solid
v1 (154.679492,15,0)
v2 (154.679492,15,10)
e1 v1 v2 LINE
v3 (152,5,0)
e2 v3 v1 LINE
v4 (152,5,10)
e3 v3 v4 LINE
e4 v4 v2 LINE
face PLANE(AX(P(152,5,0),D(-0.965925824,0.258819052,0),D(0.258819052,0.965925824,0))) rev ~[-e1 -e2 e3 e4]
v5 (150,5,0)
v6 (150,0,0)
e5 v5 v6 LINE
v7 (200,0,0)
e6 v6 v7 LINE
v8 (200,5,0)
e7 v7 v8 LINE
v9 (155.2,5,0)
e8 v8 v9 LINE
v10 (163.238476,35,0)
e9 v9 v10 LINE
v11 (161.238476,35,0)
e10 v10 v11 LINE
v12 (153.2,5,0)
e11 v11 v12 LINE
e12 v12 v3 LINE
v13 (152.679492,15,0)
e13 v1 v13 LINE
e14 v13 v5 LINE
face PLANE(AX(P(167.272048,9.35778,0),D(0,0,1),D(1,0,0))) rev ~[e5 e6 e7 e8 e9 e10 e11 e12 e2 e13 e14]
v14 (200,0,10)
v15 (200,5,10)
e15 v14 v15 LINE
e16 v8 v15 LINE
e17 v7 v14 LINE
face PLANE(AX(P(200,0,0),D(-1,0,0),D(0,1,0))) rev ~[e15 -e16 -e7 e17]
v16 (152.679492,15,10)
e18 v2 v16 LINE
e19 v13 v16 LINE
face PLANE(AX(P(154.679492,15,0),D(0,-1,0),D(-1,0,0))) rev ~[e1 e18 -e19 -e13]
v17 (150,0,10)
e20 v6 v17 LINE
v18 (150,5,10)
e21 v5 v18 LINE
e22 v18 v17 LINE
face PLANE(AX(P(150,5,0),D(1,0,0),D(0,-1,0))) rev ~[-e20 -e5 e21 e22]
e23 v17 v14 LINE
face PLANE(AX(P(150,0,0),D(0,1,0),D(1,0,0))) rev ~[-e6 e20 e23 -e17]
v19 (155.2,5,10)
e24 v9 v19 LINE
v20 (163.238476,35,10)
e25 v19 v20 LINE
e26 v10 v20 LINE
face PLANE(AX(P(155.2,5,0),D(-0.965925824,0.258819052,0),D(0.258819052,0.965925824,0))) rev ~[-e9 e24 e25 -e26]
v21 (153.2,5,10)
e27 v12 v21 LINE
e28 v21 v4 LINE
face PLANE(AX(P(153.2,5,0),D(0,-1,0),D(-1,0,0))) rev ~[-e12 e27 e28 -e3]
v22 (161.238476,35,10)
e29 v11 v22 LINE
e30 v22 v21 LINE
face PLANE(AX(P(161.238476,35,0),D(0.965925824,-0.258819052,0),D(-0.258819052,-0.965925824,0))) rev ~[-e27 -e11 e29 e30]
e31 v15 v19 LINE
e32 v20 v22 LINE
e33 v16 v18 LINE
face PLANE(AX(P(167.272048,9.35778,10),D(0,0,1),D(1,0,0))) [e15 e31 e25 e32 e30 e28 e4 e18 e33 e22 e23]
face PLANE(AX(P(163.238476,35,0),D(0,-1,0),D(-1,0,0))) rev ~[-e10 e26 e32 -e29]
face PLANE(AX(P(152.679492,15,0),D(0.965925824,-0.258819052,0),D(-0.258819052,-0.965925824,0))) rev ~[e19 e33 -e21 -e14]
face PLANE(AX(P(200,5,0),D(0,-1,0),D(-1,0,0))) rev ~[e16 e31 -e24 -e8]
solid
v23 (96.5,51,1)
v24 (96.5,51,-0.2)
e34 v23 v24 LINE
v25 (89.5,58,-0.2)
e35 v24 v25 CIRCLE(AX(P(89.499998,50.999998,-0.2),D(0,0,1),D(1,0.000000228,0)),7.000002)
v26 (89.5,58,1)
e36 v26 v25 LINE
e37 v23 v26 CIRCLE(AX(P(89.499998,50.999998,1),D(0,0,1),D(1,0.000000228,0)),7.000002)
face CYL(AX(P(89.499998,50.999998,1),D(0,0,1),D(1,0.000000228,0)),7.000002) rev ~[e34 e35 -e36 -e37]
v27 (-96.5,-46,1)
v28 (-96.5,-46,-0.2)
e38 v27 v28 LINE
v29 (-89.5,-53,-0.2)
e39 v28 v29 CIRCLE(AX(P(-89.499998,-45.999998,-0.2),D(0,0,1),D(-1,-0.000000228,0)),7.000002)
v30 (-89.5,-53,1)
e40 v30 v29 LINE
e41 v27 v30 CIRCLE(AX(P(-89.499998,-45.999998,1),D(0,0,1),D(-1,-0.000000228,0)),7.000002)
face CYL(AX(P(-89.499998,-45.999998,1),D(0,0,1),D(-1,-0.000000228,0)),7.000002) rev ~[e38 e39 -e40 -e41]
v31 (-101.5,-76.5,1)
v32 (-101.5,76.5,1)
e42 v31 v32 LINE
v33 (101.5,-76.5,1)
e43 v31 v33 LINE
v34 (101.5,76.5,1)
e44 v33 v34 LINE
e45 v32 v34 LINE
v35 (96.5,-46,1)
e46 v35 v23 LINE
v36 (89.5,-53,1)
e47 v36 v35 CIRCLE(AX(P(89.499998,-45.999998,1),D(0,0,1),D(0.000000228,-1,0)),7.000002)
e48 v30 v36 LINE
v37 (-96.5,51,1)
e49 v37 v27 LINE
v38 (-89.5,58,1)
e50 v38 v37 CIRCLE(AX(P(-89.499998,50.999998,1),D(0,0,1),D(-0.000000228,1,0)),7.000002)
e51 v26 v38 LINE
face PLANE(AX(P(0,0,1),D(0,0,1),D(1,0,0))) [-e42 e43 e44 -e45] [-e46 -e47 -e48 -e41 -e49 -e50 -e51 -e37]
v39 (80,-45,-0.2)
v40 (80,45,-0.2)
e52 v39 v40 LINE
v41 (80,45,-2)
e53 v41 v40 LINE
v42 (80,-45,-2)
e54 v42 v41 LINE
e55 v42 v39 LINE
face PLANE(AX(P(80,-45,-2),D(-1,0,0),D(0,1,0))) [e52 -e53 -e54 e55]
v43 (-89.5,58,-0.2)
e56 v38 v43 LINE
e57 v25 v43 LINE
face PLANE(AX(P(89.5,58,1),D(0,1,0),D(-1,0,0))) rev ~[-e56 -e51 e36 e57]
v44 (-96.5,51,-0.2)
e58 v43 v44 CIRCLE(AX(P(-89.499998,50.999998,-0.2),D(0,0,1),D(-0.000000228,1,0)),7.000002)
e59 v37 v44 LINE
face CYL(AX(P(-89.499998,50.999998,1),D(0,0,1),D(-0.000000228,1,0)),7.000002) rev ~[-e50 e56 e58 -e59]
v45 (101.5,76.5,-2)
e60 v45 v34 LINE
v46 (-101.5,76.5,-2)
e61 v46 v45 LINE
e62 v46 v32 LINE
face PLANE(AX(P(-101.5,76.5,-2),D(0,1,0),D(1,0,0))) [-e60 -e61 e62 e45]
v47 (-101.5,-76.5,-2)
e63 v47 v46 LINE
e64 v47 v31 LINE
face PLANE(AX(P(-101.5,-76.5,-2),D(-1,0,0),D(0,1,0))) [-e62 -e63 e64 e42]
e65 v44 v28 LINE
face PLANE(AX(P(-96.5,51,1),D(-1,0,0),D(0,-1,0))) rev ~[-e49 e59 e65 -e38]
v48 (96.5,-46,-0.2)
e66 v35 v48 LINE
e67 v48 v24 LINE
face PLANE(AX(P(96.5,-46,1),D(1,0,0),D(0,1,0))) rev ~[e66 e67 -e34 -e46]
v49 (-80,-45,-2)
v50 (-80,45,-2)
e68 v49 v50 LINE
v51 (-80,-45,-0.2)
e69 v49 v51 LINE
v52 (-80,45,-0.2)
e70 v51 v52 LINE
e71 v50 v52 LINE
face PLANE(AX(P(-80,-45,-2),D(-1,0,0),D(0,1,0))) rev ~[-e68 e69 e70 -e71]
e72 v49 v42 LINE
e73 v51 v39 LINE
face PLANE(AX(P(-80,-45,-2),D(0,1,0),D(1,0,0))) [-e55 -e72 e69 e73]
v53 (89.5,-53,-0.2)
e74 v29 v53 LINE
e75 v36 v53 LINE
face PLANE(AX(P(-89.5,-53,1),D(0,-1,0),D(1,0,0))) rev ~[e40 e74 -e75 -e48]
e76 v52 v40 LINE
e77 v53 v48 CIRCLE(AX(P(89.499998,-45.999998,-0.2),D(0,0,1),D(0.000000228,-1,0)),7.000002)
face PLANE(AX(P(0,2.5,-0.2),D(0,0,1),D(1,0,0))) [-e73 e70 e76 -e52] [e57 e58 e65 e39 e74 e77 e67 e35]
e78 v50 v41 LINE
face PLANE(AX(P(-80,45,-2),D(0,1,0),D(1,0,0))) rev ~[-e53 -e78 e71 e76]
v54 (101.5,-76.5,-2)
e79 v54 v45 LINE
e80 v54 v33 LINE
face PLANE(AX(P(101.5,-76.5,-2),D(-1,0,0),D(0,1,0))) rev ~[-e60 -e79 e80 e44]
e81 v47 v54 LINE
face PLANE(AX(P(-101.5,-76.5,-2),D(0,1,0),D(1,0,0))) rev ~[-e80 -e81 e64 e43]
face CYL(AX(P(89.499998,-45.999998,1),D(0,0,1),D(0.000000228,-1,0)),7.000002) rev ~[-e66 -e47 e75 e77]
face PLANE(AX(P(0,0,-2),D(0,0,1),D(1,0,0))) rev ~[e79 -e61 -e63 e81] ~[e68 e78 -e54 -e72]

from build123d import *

# Parameters (mm, degrees)
SKETCH_W     = 203
SKETCH_H     = 153
SKETCH_W_2   = 160
SKETCH_H_2   = 90
PAD_DEPTH    = 3
POCKET_DEPTH = 1.2
PAD001_DEPTH = 10


with BuildPart() as framefront:
    # Sketch (on DatumPlane) → Pad (new body)
    with BuildSketch(Plane.XY.offset(-2)):
        Rectangle(SKETCH_W, SKETCH_H)
        Rectangle(SKETCH_W_2, SKETCH_H_2, mode=Mode.SUBTRACT)
    extrude(amount=PAD_DEPTH)

    # Sketch001 (on Face10 of Pad) → Pocket (cut)
    with BuildSketch(Plane.XY.offset(1)):
        with BuildLine():
            Line((-96.5, 51), (-96.5, -46))
            ThreePointArc((-96.5, -46), (-94.449747, -50.949747), (-89.5, -53))
            Line((-89.5, -53), (89.5, -53))
            ThreePointArc((89.5, -53), (94.449747, -50.949747), (96.5, -46))
            Line((96.5, -46), (96.5, 51))
            ThreePointArc((96.5, 51), (94.449747, 55.949747), (89.5, 58))
            Line((89.5, 58), (-89.5, 58))
            ThreePointArc((-89.5, 58), (-94.449747, 55.949747), (-96.5, 51))
        make_face()
    extrude(amount=-POCKET_DEPTH, mode=Mode.SUBTRACT)


with BuildPart() as stand:
    # Sketch002 → Pad001 (new body)
    with BuildSketch(Plane.XY):
        Polygon((150, 0), (200, 0), (200, 5), (155.2, 5), (163.238476, 35), (161.238476, 35), (153.2, 5), (152, 5), (154.679492, 15), (152.679492, 15), (150, 5), align=None)
    extrude(amount=PAD001_DEPTH)


solid = Compound([framefront.part, stand.part])
